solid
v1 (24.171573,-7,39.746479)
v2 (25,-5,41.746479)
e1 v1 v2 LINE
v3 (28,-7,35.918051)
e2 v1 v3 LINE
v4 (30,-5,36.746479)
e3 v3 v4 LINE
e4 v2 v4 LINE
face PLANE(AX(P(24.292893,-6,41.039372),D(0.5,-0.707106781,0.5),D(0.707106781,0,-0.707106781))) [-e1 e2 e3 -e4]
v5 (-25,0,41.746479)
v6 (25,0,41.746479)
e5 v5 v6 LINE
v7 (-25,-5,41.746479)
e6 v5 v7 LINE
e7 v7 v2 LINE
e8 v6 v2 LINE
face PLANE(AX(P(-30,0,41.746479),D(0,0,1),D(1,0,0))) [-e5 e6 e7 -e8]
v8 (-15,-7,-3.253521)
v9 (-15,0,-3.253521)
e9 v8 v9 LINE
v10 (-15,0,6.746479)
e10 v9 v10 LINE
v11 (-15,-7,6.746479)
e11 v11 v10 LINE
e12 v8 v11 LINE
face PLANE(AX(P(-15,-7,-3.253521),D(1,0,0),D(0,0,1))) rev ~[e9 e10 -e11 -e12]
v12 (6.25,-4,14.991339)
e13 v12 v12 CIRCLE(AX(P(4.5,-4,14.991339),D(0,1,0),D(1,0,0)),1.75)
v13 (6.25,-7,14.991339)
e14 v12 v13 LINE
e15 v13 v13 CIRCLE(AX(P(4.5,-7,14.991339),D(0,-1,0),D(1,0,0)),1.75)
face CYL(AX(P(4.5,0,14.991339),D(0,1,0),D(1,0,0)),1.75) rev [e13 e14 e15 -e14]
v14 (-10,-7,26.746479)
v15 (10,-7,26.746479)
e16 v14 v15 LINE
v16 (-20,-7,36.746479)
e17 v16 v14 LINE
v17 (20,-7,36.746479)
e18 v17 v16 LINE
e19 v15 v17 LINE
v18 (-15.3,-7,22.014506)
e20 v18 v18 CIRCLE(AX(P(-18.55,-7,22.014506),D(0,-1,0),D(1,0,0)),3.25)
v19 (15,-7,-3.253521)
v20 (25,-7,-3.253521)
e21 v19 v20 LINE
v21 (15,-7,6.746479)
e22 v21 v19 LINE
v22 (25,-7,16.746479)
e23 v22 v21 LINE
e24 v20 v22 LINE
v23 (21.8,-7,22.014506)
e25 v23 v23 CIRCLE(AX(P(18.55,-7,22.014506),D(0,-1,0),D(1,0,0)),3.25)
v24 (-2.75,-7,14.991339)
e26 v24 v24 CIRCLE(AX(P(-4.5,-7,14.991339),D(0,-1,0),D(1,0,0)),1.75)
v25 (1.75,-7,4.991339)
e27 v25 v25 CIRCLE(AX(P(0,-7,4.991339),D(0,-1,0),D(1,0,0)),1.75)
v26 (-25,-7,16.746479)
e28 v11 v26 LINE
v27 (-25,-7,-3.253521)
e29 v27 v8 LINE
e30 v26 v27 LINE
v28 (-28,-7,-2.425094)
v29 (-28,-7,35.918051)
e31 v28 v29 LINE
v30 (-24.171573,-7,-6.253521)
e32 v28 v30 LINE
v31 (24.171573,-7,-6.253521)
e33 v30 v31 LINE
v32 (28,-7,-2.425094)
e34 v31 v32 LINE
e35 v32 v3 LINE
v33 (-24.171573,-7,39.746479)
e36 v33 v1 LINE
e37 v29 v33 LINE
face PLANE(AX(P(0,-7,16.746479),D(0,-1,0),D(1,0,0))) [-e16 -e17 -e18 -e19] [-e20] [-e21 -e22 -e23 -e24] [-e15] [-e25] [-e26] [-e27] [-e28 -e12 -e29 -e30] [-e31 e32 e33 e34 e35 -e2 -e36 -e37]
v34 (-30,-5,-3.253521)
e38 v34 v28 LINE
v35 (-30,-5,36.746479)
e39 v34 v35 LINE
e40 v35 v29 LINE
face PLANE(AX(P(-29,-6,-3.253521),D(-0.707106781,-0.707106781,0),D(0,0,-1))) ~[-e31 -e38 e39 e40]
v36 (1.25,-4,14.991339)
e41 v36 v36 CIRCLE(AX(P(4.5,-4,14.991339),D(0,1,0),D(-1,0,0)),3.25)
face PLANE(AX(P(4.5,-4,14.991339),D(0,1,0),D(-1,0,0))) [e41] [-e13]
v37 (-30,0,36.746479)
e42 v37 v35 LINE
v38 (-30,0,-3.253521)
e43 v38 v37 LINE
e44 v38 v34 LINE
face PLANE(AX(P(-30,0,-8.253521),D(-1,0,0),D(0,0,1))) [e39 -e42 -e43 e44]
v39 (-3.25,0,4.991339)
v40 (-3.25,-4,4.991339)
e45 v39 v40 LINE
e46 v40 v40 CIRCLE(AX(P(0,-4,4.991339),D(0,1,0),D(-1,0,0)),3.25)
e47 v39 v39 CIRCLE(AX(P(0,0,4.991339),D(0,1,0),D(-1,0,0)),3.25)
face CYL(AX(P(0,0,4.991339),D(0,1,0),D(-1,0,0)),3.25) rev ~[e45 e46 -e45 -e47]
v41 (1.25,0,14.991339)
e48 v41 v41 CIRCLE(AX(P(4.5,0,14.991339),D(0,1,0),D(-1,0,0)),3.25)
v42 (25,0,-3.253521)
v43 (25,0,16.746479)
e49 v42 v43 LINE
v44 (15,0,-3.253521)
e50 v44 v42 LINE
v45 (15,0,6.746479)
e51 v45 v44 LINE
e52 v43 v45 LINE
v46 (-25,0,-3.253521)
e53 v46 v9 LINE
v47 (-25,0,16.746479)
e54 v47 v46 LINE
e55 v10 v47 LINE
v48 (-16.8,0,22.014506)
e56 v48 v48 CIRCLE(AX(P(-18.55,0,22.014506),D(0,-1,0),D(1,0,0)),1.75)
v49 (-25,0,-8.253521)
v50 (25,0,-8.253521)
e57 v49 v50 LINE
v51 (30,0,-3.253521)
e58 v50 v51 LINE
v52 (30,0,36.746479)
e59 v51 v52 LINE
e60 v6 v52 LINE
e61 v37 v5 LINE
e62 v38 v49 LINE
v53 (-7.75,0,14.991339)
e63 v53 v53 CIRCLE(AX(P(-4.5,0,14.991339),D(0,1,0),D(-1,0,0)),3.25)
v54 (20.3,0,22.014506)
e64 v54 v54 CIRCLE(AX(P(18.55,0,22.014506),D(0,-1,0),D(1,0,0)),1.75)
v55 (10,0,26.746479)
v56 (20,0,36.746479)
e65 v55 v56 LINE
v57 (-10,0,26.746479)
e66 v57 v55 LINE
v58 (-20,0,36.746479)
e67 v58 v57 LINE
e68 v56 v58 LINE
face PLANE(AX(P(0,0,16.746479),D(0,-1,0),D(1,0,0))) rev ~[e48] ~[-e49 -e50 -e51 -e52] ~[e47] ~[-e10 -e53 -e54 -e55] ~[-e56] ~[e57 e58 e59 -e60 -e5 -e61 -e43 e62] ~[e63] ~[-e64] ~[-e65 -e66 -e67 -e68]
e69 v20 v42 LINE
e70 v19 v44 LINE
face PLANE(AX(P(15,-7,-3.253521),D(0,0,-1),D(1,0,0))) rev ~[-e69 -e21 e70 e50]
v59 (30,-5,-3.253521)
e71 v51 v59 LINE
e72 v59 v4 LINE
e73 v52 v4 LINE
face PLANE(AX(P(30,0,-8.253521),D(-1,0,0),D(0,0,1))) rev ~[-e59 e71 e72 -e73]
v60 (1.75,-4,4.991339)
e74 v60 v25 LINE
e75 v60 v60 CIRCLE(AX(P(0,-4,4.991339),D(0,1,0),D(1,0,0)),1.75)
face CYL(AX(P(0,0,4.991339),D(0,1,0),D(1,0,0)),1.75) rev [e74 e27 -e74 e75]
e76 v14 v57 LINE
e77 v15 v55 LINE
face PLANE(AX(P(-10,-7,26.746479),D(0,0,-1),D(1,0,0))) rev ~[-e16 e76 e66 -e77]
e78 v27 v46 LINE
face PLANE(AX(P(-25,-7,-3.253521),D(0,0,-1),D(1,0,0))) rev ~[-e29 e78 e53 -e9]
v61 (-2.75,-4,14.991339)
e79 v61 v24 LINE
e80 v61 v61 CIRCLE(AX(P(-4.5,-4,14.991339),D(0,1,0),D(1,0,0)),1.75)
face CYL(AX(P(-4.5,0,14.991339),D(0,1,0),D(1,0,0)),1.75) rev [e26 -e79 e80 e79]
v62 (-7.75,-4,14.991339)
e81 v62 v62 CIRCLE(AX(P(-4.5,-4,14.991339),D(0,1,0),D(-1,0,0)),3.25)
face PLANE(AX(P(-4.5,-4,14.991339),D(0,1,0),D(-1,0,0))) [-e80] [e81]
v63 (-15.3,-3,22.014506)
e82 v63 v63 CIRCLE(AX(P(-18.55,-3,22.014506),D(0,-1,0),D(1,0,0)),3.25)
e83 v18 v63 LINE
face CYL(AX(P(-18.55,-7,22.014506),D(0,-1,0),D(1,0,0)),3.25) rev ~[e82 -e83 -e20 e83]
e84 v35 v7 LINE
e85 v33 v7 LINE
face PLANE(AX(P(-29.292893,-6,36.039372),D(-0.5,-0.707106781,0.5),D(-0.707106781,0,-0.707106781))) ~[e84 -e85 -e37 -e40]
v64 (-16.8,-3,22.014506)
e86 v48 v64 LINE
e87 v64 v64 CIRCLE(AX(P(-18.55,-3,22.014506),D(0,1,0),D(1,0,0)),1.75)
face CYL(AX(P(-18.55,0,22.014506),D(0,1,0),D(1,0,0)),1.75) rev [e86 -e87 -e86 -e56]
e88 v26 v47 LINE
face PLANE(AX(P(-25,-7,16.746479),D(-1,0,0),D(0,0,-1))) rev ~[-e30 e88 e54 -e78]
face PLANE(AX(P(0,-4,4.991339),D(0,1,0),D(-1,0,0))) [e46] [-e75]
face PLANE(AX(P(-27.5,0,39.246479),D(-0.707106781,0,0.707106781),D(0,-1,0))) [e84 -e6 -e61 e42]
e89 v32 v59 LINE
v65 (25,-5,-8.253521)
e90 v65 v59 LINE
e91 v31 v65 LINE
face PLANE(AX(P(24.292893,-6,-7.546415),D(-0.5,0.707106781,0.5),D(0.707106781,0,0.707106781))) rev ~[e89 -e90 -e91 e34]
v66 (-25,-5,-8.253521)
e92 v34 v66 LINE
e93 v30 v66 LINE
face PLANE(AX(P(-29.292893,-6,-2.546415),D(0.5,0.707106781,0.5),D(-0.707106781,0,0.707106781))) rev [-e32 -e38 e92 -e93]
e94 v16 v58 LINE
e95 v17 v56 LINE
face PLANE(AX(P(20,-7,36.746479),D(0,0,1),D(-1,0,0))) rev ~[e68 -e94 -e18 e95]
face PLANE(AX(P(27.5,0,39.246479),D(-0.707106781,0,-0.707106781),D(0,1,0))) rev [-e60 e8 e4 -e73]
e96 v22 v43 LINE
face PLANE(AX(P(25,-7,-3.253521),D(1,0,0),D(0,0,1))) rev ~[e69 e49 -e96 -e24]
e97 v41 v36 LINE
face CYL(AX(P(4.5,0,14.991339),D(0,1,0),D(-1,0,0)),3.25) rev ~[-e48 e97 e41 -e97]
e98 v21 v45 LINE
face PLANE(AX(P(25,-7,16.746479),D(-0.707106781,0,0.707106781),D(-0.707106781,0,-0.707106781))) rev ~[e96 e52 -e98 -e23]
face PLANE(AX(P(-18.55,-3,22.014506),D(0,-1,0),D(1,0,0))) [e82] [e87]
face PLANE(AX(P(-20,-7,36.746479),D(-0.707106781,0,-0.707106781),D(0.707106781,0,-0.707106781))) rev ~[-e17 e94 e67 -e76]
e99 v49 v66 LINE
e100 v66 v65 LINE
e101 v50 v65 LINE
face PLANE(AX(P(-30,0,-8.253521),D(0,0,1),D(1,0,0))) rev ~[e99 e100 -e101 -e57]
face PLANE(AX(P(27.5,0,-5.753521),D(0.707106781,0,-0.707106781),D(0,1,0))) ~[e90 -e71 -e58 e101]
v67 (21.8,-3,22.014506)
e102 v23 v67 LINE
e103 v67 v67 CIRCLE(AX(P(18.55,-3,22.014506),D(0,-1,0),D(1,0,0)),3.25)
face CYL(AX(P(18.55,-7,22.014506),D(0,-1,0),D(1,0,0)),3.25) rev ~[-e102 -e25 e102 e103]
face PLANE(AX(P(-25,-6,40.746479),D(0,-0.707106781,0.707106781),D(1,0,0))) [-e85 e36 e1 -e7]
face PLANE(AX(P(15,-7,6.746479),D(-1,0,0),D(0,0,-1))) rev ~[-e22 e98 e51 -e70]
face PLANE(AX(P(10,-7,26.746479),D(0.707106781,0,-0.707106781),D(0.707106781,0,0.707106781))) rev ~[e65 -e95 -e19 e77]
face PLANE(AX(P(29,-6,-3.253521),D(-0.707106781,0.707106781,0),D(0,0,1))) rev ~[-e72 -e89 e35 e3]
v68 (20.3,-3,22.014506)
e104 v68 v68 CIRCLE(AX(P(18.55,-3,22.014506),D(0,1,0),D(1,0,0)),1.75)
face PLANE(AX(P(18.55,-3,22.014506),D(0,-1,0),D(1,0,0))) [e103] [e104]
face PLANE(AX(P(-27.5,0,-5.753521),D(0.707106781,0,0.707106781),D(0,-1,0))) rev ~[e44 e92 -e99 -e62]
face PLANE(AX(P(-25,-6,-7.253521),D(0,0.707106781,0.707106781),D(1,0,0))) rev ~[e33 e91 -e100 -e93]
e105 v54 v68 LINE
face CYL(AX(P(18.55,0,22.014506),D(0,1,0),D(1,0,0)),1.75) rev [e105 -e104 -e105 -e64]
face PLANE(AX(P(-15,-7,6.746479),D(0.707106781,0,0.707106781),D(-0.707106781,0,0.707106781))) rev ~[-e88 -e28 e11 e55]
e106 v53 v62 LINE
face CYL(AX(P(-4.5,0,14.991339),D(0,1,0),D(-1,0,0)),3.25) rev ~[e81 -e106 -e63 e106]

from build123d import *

# Parameters (mm, degrees)
F0_W     = 60
F0_H     = 50
F0_R     = 1.75
F1_DEPTH = 7
F2_SIZE  = 5
F3_R     = 3.25
F4_DEPTH = 4
F5_R     = 3.25
F6_DEPTH = 4
F8_DEPTH = 7.001
F9_SIZE  = 2


with BuildPart() as f1:
    # F0 (on Front) → F1 (new body)
    with BuildSketch(Plane.XZ):
        with Locations((0, 16.7464785278)):
            Rectangle(F0_W, F0_H)
        with Locations((-4.5, 14.9913392961)):
            Circle(F0_R, mode=Mode.SUBTRACT)
        with Locations((0, 4.9913392961)):
            Circle(F0_R, mode=Mode.SUBTRACT)
        with Locations((4.5, 14.9913392961)):
            Circle(F0_R, mode=Mode.SUBTRACT)
        with Locations((-18.55, 22.0145061612)):
            Circle(F0_R, mode=Mode.SUBTRACT)
        with Locations((18.55, 22.0145061612)):
            Circle(F0_R, mode=Mode.SUBTRACT)
    extrude(amount=F1_DEPTH)

    # F2
    f2_edges = [f1.edges().sort_by_distance(p)[0] for p in [
        (-30, -3.5, -8.253521),
        (30, -3.5, -8.253521),
        (30, -3.5, 41.746479),
        (-30, -3.5, 41.746479),
    ]]
    chamfer(f2_edges, length=F2_SIZE)

    # F3 (on face) → F4 (cut)
    with BuildSketch(Plane(origin=(0, 0, 0), x_dir=(-1, 0, 0), z_dir=(0, 1, 0))):
        with Locations((-4.5, 14.9913392961)):
            Circle(F3_R)
        with Locations((4.5, 14.9913392961)):
            Circle(F3_R)
        with Locations((0, 4.9913392961)):
            Circle(F3_R)
    extrude(amount=-F4_DEPTH, mode=Mode.SUBTRACT)

    # F5 (on face) → F6 (cut)
    with BuildSketch(Plane.XZ.offset(7)):
        with Locations((-18.55, 22.0145061612)):
            Circle(F5_R)
        with Locations((18.55, 22.0145061612)):
            Circle(F5_R)
    extrude(amount=-F6_DEPTH, mode=Mode.SUBTRACT)

    # F7 (on face) → F8 (cut, through all)
    with BuildSketch(Plane.XZ.offset(7)):
        Polygon((20, 36.7464785278), (0, 36.7464785278), (-20, 36.7464785278), (-10, 26.7464785278), (0, 26.7464785278), (10, 26.7464785278), align=None)
        Polygon((25, -3.2535214722), (25, 16.7464785278), (15, 6.7464785278), (15, -3.2535214722), align=None)
        Polygon((-15, 6.7464785278), (-25, 16.7464785278), (-25, -3.2535214722), (-15, -3.2535214722), align=None)
    extrude(amount=-F8_DEPTH, mode=Mode.SUBTRACT)

    # F9
    f9_edges = [f1.edges().sort_by_distance(p)[0] for p in [
        (0, -7, 41.746479),
        (27.5, -7, 39.246479),
        (-27.5, -7, 39.246479),
        (30, -7, 16.746479),
        (27.5, -7, -5.753521),
        (0, -7, -8.253521),
        (-27.5, -7, -5.753521),
        (-30, -7, 16.746479),
    ]]
    chamfer(f9_edges, length=F9_SIZE)


solid = f1.part
